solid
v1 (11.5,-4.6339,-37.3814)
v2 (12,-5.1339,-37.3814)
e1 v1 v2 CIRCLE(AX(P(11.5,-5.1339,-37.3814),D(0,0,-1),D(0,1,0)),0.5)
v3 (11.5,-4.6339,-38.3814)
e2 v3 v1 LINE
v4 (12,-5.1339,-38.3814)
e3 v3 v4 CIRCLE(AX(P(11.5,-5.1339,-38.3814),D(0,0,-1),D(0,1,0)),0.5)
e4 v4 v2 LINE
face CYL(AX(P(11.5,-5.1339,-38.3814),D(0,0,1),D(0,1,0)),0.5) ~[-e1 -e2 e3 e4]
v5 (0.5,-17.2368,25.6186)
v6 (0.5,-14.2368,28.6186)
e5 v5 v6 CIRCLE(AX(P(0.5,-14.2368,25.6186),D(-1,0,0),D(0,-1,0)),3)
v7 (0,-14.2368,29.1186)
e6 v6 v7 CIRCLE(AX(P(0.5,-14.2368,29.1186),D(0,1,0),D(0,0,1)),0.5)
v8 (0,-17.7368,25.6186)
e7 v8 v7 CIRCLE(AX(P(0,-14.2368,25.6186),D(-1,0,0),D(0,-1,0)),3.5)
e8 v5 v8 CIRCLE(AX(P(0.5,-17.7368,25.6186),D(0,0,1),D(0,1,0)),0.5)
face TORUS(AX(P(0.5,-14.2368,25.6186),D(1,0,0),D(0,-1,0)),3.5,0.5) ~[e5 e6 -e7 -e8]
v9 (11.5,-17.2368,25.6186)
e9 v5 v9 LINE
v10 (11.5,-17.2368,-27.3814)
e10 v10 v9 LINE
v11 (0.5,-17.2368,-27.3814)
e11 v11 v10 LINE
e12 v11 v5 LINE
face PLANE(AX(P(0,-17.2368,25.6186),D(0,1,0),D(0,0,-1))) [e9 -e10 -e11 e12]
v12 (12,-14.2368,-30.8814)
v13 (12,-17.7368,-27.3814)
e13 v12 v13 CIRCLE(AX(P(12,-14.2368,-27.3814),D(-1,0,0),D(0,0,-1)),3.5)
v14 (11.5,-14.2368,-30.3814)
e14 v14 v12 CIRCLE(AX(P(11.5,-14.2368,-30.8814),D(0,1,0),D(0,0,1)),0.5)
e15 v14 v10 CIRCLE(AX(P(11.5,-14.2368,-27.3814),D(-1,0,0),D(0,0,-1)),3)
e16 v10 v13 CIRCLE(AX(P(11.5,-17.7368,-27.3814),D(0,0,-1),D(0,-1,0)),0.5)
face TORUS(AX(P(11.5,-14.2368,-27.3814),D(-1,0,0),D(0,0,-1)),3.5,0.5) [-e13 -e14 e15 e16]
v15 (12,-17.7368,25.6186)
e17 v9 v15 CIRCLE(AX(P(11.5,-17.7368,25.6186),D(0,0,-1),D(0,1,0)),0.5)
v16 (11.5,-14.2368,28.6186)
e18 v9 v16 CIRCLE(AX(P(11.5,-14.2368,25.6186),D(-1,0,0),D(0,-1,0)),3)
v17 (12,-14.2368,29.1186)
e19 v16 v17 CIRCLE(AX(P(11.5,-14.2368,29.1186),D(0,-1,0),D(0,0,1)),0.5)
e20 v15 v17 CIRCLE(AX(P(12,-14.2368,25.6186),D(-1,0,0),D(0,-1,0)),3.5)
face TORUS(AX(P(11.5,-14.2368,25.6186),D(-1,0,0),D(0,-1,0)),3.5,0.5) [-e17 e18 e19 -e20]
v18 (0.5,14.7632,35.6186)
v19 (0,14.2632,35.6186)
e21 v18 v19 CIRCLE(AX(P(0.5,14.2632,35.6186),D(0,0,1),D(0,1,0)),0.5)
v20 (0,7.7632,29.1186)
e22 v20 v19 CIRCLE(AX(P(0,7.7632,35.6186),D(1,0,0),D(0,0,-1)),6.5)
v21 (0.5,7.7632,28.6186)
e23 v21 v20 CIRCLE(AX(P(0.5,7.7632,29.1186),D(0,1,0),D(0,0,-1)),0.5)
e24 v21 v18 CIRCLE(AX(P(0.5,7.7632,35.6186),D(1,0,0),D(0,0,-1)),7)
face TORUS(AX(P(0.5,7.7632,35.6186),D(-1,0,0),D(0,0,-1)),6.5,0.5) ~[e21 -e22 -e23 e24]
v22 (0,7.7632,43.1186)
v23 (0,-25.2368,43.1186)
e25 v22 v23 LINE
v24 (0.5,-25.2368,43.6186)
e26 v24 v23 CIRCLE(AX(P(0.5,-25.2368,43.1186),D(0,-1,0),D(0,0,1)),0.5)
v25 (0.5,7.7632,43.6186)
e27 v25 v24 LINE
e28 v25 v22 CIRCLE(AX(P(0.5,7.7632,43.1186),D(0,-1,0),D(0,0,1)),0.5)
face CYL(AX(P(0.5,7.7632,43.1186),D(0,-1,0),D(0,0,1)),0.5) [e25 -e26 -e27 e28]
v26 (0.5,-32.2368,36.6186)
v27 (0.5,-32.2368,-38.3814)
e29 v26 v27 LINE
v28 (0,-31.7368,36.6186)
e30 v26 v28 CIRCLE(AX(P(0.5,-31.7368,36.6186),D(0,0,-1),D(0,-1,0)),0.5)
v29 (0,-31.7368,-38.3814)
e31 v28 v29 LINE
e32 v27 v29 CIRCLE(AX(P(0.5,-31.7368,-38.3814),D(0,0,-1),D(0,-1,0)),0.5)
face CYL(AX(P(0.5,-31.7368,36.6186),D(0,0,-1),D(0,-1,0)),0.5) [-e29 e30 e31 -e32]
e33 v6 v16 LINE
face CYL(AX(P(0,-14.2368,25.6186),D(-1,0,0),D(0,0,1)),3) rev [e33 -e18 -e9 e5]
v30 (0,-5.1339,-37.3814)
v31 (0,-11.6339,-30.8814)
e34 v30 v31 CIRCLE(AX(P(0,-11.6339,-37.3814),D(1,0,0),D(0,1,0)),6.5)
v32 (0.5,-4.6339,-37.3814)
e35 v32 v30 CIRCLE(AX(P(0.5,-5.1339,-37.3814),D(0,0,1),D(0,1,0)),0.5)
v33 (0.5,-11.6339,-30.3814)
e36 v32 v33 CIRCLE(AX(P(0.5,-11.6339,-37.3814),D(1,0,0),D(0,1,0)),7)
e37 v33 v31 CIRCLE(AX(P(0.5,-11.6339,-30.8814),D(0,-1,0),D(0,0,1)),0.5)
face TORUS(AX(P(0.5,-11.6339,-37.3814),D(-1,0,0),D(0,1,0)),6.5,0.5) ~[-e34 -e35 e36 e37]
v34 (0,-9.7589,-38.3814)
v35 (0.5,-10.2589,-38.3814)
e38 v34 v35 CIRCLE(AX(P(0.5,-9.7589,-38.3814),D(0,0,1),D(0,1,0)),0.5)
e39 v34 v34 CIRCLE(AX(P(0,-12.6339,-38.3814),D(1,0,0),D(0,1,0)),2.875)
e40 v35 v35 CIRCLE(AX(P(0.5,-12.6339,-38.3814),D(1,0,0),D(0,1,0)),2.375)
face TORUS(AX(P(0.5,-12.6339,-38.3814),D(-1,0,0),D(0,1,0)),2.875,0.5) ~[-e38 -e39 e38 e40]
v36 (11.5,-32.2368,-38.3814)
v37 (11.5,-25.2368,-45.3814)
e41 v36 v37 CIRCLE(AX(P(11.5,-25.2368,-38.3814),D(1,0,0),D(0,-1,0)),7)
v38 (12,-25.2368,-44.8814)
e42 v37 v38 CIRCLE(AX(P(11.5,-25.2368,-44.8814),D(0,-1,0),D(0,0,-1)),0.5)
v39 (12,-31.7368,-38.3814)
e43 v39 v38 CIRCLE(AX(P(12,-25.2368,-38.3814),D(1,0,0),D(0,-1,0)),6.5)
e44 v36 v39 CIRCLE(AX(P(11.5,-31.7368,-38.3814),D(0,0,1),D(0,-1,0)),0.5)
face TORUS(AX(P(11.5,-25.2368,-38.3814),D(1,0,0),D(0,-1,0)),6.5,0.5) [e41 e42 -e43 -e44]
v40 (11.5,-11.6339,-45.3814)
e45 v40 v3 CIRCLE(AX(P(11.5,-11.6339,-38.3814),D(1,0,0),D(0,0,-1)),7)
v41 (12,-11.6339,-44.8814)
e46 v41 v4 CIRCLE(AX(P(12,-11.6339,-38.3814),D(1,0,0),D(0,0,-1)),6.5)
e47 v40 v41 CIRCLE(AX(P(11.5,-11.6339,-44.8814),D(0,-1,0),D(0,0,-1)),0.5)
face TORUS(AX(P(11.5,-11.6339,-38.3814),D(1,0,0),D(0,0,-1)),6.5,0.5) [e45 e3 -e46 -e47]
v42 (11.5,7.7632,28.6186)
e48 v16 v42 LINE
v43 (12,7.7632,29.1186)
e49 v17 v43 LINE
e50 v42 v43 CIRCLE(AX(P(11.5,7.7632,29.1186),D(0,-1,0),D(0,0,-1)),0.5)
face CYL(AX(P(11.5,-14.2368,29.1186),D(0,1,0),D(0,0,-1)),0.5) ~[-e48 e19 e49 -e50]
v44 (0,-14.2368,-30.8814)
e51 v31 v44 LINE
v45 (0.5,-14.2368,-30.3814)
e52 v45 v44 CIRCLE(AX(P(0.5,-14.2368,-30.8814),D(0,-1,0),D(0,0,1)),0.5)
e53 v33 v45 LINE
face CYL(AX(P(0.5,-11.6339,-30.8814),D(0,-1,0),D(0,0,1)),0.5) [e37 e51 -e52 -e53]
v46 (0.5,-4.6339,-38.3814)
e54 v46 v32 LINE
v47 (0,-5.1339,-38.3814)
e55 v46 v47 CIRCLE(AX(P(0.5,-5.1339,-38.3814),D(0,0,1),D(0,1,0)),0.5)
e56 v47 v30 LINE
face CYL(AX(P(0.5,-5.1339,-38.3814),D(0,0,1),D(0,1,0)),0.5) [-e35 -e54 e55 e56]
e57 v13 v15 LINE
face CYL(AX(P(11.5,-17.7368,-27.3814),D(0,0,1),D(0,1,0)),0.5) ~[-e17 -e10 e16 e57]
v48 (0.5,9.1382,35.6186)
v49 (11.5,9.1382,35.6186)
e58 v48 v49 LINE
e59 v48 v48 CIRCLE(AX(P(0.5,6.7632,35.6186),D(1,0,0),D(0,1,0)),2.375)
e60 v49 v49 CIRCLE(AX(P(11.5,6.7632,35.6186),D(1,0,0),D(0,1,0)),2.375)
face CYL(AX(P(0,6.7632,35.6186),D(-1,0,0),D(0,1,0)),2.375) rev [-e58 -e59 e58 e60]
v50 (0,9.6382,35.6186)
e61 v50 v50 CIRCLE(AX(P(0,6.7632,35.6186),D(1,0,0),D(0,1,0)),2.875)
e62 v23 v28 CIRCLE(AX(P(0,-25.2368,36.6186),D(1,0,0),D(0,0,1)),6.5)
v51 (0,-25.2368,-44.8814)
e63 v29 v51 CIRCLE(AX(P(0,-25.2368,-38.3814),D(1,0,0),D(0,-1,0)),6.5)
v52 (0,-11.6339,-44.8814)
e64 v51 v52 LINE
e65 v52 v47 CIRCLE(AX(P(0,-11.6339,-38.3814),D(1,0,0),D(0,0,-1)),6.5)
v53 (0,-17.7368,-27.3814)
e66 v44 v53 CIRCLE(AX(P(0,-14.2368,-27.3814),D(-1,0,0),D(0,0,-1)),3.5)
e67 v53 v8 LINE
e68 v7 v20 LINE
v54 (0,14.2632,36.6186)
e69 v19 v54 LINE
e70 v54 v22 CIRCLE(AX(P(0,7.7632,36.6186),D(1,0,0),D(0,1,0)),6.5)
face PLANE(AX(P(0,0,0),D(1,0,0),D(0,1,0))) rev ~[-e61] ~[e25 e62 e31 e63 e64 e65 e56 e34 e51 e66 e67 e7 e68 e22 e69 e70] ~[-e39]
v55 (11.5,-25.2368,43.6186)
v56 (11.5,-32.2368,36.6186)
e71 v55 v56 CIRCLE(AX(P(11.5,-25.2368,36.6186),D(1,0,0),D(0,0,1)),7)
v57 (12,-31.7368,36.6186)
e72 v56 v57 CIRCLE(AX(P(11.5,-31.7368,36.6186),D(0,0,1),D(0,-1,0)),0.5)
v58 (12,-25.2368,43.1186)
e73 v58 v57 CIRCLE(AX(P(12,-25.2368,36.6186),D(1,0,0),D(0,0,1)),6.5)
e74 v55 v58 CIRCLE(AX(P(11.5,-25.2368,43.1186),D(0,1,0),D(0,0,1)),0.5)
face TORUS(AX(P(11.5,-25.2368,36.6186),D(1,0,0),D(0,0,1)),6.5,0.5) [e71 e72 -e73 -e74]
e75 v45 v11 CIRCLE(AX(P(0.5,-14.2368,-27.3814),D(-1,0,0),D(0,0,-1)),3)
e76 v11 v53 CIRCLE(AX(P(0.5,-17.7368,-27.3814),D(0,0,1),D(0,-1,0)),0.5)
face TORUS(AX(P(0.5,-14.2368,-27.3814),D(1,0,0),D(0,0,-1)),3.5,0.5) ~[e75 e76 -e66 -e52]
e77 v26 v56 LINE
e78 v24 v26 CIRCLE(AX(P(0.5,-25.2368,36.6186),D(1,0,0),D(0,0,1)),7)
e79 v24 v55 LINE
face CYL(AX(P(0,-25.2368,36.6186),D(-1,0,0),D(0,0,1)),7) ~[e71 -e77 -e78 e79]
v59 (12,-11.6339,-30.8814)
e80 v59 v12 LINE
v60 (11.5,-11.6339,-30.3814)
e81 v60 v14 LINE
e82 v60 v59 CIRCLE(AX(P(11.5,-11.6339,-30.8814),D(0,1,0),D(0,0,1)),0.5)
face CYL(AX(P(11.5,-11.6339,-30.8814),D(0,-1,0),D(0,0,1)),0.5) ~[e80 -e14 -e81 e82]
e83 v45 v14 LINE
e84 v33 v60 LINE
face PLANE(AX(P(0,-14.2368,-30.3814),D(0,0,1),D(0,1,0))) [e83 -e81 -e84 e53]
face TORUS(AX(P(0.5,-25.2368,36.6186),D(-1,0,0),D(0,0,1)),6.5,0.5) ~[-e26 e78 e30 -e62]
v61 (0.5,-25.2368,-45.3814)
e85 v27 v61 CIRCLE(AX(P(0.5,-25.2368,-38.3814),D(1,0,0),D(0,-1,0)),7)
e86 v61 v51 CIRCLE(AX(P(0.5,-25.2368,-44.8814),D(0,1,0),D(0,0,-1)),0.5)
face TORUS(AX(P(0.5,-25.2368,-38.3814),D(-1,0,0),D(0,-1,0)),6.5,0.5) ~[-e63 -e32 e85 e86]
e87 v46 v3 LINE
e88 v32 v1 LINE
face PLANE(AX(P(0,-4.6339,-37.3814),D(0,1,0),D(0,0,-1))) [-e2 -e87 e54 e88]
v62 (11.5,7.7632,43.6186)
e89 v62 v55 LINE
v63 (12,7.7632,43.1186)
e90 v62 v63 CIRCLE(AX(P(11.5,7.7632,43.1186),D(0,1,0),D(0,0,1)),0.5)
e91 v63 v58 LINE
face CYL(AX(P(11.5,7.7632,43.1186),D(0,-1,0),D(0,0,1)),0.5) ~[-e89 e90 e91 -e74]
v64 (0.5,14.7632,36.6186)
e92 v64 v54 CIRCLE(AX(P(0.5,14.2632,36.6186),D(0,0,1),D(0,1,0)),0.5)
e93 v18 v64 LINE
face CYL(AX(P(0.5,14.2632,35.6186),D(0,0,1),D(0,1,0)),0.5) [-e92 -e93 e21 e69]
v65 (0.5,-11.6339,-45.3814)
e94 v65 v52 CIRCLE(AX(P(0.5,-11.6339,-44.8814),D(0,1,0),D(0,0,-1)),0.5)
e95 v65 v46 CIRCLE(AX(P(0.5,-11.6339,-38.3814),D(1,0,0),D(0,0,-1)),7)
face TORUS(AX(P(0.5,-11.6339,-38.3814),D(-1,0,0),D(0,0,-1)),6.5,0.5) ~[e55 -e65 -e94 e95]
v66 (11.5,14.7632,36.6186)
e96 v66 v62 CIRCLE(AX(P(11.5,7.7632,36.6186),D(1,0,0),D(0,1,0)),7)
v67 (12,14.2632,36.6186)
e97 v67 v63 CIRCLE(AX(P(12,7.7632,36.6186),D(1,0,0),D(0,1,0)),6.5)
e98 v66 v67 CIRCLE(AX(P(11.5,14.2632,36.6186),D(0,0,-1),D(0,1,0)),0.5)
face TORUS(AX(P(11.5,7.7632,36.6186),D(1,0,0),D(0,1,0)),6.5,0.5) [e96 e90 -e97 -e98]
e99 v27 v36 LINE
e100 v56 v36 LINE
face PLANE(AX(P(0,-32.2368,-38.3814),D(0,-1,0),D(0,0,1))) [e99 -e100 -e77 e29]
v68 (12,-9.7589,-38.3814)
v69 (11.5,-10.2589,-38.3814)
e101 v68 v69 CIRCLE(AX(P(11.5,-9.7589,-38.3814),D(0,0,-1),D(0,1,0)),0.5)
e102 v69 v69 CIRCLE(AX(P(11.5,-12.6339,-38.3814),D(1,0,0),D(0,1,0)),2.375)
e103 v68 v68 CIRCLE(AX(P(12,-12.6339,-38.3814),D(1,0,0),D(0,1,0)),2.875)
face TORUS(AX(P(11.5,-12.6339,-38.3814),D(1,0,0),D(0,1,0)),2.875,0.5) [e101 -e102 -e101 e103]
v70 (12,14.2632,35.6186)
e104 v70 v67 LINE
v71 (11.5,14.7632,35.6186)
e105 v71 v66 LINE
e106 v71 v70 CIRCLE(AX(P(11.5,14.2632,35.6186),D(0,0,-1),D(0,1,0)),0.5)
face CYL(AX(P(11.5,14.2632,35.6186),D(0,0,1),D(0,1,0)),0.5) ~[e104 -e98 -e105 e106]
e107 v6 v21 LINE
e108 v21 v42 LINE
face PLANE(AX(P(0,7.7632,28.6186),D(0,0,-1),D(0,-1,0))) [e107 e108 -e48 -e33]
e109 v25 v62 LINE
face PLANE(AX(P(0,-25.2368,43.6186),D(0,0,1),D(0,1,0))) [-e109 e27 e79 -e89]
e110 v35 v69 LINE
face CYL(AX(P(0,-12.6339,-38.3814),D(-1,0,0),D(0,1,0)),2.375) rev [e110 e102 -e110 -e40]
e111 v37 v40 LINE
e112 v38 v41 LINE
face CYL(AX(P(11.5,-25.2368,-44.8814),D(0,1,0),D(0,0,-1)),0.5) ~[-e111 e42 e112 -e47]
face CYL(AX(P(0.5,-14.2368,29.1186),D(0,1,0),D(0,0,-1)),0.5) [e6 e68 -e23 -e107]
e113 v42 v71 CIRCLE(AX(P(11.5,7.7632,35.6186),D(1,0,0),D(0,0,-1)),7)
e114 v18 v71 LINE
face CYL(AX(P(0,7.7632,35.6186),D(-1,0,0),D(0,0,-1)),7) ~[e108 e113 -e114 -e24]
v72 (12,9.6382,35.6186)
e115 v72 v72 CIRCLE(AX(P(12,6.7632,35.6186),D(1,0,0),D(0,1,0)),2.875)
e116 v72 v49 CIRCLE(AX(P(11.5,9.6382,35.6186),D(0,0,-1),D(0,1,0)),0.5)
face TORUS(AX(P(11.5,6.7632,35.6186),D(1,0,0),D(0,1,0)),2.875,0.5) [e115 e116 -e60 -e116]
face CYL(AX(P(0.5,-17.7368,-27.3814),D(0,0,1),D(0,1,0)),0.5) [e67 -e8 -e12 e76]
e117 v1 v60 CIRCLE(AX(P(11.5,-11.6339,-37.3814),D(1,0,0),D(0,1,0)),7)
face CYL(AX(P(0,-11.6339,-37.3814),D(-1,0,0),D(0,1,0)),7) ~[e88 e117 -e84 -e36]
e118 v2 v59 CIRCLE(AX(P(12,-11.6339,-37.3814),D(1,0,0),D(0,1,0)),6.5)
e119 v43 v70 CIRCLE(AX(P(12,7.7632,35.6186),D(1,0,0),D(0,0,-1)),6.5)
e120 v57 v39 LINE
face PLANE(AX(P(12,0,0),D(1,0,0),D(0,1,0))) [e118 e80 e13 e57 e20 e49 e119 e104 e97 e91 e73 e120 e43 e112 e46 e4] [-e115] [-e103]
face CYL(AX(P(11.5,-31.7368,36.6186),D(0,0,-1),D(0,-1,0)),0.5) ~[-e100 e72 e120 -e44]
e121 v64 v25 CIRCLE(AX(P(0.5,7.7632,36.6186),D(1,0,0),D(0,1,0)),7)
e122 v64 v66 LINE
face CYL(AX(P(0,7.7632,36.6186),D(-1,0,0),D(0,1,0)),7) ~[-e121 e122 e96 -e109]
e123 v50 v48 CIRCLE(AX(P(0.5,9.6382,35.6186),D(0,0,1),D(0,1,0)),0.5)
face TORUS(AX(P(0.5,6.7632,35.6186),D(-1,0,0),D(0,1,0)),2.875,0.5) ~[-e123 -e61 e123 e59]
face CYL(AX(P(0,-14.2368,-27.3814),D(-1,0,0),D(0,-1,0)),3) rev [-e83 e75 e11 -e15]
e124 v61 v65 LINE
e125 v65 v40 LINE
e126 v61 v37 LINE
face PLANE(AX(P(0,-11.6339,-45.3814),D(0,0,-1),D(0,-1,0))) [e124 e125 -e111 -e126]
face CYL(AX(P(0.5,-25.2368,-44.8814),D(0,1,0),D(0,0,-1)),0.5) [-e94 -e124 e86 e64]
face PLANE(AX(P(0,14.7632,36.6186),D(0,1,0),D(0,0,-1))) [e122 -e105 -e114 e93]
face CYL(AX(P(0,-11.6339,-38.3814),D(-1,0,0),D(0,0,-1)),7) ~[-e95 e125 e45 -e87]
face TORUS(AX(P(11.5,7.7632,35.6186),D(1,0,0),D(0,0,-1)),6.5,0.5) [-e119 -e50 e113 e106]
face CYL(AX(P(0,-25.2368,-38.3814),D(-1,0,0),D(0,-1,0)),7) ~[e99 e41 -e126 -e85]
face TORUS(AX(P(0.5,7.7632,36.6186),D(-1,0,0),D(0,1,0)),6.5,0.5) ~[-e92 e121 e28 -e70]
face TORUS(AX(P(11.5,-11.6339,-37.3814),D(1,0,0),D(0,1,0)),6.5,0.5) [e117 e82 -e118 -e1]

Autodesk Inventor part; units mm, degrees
ref_plane "YZ Plane" through (0, 0, 0) normal (1, 0, 0) x (0, 1, 0)
ref_plane "XZ Plane" through (0, 0, 0) normal (0, 1, 0) x (-1, 0, 0)
ref_plane "XY Plane" through (0, 0, 0) normal (0, 0, 1) x (1, 0, 0)
sketch "Sketch1" plane through (0, 0, 0) normal (1, 0, 0) x (0, 1, 0)
  circle A0 centre (6.7632, 35.6186) radius 2.375
  circle A1 centre (-12.6339, -38.3814) radius 2.375
  line L0 (7.7632, 28.6186) -> (-14.2368, 28.6186)
  line L1 (-17.2368, 25.6186) -> (-17.2368, -27.3814)
  line L2 (-14.2368, -30.3814) -> (-11.6339, -30.3814)
  line L3 (-4.6339, -37.3814) -> (-4.6339, -38.3814)
  line L4 (-11.6339, -45.3814) -> (-25.2368, -45.3814)
  line L5 (-32.2368, -38.3814) -> (-32.2368, 36.6186)
  line L6 (-25.2368, 43.6186) -> (7.7632, 43.6186)
  line L7 (14.7632, 36.6186) -> (14.7632, 35.6186)
  arc A2 (-14.2368, 28.6186) -> (-17.2368, 25.6186) centre (-14.2368, 25.6186) ccw
  arc A3 (-17.2368, -27.3814) -> (-14.2368, -30.3814) centre (-14.2368, -27.3814) ccw
  arc A4 (14.7632, 36.6186) -> (7.7632, 43.6186) centre (7.7632, 36.6186) ccw
  arc A5 (7.7632, 28.6186) -> (14.7632, 35.6186) centre (7.7632, 35.6186) ccw
  arc A6 (-4.6339, -37.3814) -> (-11.6339, -30.3814) centre (-11.6339, -37.3814) ccw
  arc A7 (-11.6339, -45.3814) -> (-4.6339, -38.3814) centre (-11.6339, -38.3814) ccw
  arc A8 (-32.2368, -38.3814) -> (-25.2368, -45.3814) centre (-25.2368, -38.3814) ccw
  arc A9 (-25.2368, 43.6186) -> (-32.2368, 36.6186) centre (-25.2368, 36.6186) ccw
  point P0 (0, 0)
  point P1 (-4.6339, -37.8814)
  dimension "d0" = 76.5
  dimension "d1" = 4.75
  dimension "d2" = 4.75
  dimension "d3" = 59
  dimension "d4" = 7
  dimension "d5" = 8
  dimension "d6" = 15
  dimension "d7" = 15
  dimension "d9" = 8
  dimension "d10" = 8
  dimension "d11" = 24
  dimension "d12" = 15
  dimension "d13" = 3
  dimension "d14" = 7
extrude "Extrusion1" add sketch "Sketch1" along normal blind 12
fillet "Fillet1" radius 0.5 32 edges at (12, -30.1865, 41.5683) (12, -32.2368, -0.8814) (12, -30.1865, -43.3312) (12, -18.4353, -45.3814) (12, -6.6842, -43.3312) (12, -4.6339, -37.8814) (12, -6.6842, -32.4317) (12, -12.9353, -30.3814) (12, -16.3581, -29.5027) (12, -17.2368, -0.8814) (12, -16.3581, 27.7399) (12, -3.2368, 28.6186) (12, 12.713, 30.6688) (12, 14.7632, 36.1186) (12, 12.713, 41.5683) (12, -8.7368, 43.6186) (0, -30.1865, 41.5683) (0, -32.2368, -0.8814) (0, -30.1865, -43.3312) (0, -18.4353, -45.3814) (0, -6.6842, -43.3312) (0, -4.6339, -37.8814) (0, -6.6842, -32.4317) (0, -12.9353, -30.3814) (0, -16.3581, -29.5027) (0, -17.2368, -0.8814) (0, -16.3581, 27.7399) (0, -3.2368, 28.6186) (0, 12.713, 30.6688) (0, 14.7632, 36.1186) (0, 12.713, 41.5683) (0, -8.7368, 43.6186)
fillet "Fillet2" radius 0.5 4 edges at (12, 4.3882, 35.6186) (0, -15.0089, -38.3814) (12, -15.0089, -38.3814) (0, 4.3882, 35.6186)
properties part number "carb-holder"
